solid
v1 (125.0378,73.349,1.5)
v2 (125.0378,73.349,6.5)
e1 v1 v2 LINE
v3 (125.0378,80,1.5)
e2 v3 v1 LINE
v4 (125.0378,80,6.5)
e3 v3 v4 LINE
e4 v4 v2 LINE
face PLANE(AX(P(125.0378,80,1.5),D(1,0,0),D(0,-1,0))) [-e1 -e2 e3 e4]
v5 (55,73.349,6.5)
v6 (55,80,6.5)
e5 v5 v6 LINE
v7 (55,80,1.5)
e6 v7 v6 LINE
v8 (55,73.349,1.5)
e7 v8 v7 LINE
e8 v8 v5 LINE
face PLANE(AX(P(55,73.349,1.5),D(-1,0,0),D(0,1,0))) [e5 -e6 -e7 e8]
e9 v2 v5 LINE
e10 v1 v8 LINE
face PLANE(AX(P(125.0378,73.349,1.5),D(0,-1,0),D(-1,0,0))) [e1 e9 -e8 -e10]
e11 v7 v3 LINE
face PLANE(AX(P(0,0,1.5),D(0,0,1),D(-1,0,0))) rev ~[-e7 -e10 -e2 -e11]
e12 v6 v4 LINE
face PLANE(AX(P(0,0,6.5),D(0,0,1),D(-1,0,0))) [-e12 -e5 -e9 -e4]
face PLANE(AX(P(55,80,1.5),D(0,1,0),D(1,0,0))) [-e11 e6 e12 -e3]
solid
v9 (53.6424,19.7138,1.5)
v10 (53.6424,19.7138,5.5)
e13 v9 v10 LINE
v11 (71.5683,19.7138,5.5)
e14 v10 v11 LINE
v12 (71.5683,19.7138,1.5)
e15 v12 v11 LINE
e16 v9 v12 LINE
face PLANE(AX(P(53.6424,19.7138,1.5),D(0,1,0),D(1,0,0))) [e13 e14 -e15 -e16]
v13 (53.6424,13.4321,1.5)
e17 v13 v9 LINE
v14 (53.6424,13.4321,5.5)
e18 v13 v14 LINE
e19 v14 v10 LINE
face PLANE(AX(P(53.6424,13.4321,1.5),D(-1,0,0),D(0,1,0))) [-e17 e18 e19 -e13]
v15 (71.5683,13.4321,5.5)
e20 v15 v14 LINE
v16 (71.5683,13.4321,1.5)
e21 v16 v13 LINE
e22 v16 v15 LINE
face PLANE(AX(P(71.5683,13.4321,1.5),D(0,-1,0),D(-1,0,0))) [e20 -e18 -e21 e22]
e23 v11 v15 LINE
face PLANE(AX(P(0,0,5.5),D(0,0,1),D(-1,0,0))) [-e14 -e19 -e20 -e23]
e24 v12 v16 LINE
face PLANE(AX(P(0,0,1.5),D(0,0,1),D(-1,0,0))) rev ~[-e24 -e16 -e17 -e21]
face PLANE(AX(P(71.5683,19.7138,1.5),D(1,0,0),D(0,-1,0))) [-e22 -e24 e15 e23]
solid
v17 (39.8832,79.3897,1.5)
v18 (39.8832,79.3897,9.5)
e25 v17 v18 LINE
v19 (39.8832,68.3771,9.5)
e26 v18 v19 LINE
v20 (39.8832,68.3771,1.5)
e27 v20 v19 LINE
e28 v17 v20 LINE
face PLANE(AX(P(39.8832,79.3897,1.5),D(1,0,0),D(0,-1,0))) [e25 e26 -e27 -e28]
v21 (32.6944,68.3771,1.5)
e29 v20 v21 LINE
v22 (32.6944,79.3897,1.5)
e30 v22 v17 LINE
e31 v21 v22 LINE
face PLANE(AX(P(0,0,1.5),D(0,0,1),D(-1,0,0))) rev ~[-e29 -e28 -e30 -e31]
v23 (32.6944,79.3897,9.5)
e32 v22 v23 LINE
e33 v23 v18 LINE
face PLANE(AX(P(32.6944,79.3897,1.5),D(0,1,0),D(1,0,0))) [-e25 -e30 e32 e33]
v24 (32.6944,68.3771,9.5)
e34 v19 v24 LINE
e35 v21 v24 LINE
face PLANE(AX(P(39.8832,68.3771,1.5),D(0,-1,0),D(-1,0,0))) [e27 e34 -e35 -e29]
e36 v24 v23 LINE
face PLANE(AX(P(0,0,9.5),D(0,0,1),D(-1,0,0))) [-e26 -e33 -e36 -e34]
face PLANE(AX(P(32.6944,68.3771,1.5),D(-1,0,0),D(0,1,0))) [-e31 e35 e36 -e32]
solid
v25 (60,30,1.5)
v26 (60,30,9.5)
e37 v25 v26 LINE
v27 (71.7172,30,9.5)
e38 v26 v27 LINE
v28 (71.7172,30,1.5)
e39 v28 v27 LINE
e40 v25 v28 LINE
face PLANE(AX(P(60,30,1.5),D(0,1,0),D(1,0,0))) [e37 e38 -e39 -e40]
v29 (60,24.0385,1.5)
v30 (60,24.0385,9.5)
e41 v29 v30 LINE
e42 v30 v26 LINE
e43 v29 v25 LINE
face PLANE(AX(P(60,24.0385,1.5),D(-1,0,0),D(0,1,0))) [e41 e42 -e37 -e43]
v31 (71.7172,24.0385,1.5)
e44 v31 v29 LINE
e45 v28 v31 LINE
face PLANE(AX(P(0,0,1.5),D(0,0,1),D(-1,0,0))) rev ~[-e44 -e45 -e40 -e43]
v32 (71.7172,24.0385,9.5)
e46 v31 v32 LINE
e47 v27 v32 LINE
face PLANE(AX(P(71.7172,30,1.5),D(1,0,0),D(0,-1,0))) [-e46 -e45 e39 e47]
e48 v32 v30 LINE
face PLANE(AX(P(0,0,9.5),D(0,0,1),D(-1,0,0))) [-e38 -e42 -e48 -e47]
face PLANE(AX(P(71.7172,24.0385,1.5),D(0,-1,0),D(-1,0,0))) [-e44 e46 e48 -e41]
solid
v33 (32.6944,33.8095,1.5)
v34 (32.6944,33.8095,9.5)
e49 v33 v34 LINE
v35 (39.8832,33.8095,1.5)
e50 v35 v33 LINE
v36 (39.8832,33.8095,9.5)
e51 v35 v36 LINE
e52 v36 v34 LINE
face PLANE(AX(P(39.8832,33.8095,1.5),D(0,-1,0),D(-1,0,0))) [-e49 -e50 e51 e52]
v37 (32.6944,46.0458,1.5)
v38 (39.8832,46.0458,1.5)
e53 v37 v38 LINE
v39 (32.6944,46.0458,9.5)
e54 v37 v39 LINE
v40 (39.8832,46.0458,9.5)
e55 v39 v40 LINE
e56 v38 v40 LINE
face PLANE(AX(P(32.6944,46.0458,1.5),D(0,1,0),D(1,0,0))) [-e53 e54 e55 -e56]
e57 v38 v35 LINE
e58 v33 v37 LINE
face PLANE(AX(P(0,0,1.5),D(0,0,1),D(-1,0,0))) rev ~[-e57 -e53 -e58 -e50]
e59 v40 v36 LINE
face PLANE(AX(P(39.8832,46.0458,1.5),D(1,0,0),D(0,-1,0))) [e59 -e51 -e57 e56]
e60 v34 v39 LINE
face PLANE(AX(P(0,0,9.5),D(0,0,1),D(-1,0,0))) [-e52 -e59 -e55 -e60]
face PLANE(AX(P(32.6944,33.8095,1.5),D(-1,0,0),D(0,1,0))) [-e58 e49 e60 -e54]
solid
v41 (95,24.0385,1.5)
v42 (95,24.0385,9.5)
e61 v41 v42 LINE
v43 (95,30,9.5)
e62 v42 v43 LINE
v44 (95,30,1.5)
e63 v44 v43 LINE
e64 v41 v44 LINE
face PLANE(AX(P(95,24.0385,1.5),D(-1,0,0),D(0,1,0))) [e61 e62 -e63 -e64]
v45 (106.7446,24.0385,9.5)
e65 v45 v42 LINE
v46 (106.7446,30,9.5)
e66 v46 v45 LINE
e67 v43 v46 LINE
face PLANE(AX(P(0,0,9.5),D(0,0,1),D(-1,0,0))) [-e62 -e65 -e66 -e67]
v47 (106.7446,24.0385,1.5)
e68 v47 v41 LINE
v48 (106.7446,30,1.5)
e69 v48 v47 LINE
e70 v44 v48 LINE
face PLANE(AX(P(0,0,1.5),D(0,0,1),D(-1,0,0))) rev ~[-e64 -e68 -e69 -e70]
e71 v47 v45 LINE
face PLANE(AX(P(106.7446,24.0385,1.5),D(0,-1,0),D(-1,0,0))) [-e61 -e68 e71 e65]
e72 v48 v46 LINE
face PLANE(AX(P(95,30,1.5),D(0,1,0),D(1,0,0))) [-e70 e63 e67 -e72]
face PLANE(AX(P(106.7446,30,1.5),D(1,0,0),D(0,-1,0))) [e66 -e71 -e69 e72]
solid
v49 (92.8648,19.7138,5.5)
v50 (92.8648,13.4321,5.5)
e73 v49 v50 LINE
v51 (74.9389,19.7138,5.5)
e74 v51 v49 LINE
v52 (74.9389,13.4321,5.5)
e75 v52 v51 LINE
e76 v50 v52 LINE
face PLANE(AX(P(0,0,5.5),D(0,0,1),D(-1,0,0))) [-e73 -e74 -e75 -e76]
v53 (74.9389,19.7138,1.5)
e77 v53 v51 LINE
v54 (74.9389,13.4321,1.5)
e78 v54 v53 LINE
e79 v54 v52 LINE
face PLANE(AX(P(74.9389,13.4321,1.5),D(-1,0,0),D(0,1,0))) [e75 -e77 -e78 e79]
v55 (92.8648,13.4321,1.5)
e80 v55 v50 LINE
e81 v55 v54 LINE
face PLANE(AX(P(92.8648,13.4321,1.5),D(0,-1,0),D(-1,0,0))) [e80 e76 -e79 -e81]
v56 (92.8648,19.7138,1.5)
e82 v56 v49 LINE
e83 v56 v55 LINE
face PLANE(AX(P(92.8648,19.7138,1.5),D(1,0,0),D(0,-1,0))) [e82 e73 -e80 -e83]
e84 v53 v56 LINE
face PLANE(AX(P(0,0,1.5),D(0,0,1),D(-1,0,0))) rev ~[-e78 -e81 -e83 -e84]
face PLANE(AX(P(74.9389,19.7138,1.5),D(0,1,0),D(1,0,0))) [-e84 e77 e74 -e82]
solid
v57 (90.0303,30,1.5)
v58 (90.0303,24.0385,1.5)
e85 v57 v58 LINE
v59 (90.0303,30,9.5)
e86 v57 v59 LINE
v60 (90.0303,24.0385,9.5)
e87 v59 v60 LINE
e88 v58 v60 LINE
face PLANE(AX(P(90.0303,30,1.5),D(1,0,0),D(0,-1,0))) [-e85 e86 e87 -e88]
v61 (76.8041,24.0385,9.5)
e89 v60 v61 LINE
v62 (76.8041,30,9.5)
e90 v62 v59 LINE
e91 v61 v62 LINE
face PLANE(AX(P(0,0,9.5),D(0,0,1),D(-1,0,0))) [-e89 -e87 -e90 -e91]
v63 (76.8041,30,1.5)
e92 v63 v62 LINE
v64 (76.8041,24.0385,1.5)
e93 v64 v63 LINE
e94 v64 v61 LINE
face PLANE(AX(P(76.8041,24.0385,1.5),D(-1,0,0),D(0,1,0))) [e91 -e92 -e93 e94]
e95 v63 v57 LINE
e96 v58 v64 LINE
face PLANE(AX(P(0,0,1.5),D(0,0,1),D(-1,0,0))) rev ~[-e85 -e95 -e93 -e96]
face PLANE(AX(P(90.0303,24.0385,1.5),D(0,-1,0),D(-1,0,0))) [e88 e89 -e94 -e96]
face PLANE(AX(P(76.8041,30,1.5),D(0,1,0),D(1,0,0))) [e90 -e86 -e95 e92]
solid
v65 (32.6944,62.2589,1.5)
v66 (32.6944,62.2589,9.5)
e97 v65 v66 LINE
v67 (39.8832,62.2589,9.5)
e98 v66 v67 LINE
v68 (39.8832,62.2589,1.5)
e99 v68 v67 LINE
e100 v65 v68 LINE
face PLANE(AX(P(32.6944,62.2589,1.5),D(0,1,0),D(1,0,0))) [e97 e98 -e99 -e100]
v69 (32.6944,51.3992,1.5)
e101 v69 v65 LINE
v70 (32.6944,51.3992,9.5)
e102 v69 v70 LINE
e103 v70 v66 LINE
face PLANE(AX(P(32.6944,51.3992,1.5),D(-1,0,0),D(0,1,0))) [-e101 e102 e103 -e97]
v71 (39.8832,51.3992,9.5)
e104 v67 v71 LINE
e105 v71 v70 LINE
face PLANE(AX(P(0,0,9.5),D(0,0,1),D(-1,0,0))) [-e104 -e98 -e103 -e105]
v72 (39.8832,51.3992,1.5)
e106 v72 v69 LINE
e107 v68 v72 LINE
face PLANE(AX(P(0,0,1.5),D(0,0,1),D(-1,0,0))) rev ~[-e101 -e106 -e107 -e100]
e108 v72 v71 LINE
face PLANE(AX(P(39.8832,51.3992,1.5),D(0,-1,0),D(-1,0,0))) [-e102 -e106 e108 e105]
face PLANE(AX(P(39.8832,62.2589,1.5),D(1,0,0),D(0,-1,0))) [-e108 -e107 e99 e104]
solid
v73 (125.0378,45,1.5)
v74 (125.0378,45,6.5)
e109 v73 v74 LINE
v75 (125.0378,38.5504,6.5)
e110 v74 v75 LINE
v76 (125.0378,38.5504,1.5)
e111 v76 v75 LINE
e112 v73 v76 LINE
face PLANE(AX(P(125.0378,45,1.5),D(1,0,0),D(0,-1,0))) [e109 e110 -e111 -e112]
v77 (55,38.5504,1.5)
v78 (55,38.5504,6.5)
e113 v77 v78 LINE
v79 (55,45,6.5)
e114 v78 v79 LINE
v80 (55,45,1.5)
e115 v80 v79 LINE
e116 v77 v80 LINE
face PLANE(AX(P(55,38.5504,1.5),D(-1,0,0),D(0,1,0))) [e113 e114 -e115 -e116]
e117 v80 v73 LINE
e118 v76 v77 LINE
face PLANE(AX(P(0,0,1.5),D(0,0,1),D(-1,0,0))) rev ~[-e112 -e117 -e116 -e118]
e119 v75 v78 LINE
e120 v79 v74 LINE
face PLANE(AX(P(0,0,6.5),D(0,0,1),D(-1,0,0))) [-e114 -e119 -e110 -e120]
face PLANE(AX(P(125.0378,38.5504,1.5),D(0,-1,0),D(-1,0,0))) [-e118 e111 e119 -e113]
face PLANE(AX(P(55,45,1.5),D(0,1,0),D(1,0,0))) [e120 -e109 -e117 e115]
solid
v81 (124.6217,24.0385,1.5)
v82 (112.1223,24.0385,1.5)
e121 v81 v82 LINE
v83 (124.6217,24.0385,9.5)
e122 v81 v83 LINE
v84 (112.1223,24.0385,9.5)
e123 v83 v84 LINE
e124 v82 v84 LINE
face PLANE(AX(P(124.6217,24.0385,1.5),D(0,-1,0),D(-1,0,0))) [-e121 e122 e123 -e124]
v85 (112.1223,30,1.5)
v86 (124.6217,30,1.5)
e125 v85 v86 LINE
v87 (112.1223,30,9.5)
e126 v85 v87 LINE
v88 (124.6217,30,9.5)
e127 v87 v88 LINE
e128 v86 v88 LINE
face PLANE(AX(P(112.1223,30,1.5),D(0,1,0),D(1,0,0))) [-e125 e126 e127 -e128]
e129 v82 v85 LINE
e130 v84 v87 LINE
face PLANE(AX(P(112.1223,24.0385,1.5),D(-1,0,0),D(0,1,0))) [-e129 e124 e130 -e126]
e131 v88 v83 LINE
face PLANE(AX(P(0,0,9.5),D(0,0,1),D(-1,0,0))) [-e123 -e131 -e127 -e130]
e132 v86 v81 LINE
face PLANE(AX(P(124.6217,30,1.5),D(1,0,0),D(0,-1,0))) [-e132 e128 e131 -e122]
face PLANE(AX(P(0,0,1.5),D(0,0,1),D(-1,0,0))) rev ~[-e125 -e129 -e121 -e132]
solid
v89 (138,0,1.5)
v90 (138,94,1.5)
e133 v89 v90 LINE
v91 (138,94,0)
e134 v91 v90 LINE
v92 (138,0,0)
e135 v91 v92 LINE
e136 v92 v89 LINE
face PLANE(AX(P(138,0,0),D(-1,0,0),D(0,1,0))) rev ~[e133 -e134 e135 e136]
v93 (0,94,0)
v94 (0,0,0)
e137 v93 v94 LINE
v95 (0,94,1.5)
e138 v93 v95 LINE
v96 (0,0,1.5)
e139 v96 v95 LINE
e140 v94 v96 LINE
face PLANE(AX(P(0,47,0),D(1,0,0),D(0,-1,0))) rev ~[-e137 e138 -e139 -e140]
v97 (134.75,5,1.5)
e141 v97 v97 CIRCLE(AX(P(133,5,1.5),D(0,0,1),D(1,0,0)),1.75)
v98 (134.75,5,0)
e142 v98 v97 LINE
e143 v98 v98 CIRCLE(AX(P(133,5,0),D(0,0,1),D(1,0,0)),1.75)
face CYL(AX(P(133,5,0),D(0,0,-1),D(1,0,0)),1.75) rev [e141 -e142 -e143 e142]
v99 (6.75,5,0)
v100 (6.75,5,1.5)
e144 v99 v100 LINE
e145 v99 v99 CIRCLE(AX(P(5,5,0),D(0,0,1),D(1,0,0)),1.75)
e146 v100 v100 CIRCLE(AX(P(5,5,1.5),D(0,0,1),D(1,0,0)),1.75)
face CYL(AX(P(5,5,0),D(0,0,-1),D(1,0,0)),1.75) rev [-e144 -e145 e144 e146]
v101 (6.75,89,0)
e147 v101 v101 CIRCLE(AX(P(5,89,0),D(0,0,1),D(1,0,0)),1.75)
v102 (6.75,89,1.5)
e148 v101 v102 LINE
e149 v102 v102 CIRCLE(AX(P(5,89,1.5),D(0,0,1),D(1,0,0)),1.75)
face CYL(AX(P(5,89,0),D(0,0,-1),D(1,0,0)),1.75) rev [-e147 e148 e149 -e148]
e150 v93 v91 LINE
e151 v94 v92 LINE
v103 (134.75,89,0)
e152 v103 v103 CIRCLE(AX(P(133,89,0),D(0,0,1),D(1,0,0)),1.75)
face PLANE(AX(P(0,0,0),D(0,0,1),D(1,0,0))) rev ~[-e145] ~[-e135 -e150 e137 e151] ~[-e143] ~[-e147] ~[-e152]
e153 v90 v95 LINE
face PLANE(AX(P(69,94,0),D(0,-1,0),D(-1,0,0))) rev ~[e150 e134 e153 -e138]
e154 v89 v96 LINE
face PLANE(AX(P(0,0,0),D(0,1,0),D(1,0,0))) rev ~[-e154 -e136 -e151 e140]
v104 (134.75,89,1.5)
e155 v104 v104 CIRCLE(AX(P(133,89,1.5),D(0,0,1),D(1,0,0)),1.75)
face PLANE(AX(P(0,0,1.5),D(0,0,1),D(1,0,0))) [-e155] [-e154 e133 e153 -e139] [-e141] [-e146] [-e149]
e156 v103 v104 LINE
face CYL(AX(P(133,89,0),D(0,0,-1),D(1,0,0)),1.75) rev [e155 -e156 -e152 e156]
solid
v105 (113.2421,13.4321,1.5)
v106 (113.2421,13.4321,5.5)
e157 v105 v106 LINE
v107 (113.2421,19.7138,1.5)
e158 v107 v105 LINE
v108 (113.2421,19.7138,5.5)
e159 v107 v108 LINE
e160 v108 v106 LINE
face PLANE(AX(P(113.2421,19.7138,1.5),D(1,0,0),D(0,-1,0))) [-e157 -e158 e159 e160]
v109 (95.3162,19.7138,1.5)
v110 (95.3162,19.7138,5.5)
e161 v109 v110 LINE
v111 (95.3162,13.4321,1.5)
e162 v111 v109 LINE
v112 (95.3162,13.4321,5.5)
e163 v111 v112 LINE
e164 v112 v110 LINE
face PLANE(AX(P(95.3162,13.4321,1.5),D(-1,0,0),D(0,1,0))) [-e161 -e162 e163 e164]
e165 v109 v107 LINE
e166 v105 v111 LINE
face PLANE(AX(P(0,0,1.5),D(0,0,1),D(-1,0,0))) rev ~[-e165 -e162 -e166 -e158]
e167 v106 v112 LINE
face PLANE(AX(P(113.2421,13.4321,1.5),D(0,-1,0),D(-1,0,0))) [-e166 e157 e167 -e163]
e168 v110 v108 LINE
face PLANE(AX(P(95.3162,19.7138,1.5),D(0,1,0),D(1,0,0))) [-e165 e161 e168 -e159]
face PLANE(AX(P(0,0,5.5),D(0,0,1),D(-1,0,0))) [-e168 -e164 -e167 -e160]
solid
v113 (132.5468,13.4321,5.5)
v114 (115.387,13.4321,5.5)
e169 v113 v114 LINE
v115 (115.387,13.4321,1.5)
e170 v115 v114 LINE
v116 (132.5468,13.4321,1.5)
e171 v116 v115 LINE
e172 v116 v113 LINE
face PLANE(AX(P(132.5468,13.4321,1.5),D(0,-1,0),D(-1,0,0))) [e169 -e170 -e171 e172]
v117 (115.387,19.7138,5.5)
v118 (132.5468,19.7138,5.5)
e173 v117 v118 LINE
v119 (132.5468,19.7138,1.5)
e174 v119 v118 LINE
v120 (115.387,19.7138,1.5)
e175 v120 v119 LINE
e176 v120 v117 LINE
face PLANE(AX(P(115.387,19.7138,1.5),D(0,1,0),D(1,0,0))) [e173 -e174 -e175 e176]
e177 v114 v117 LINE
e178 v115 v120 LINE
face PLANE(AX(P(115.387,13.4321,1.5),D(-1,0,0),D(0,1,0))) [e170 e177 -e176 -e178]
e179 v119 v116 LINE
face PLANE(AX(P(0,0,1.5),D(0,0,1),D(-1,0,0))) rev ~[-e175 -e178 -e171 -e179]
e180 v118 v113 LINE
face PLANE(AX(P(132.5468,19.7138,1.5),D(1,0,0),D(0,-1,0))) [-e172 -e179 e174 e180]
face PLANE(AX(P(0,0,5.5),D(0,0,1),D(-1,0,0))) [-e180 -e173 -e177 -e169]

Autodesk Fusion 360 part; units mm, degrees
sketch "草图1" plane through (0, 0, 0) normal (0, 0, 1) x (1, 0, 0)
  line L0 (0, 0) -> (138, 0)
  line L1 (138, 0) -> (138, 94)
  line L2 (138, 94) -> (0, 94)
  line L3 (0, 94) -> (0, 0)
  line L4 (-20, 47) -> (170, 47)
  line L5 (69, 129.1488) -> (69, -36.2993)
  circle A0 centre (5, 89) radius 1.75
  circle A1 centre (133, 89) radius 1.75
  circle A2 centre (5, 5) radius 1.75
  circle A3 centre (133, 5) radius 1.75
  dimension "d1" = 94
  dimension "d2" = 138
  dimension "d3" = 84
  dimension "d4" = 128
  dimension "d5" = 3.5
extrude "拉伸1" add sketch "草图1" along normal blind 1.5 makes body 1
sketch "草图2" plane through (0, 0, 1.5) normal (0, 0, 1) x (-1, 0, 0)
  circle A0 centre (-5, -5) radius 1.75
  circle A1 centre (-133, -89) radius 1.75
  circle A2 centre (-133, -5) radius 1.75
  circle A3 centre (-5, -89) radius 1.75
  line L0 (0, -94) -> (0, 0)
  line L1 (0, 0) -> (-138, 0)
  line L2 (-138, 0) -> (-138, -94)
  line L3 (-138, -94) -> (0, -94)
  line L4 (-55, -80) -> (-125.0378, -80)
  line L5 (-125.0378, -80) -> (-125.0378, -73.349)
  line L6 (-125.0378, -73.349) -> (-55, -73.349)
  line L7 (-55, -73.349) -> (-55, -80)
  line L8 (-55, -45) -> (-125.0378, -45)
  line L9 (-125.0378, -45) -> (-125.0378, -38.5504)
  line L10 (-125.0378, -38.5504) -> (-55, -38.5504)
  line L11 (-55, -38.5504) -> (-55, -45)
extrude "拉伸2" add sketch "草图2" along normal blind 5 separate body contours L4 L5 L6 L7 | L8 L9 L10 L11 makes body 2 at (101.6919, 75.566, 1.5) makes body 3 at (78.3459, 42.8501, 1.5)
sketch "草图3" plane through (0, 0, 1.5) normal (0, 0, 1) x (-1, 0, 0)
  circle A0 centre (-5, -5) radius 1.75
  circle A1 centre (-133, -89) radius 1.75
  circle A2 centre (-133, -5) radius 1.75
  circle A3 centre (-5, -89) radius 1.75
  line L0 (0, -94) -> (0, 0)
  line L1 (0, 0) -> (-138, 0)
  line L2 (-138, 0) -> (-138, -94)
  line L3 (-138, -94) -> (0, -94)
  line L4 (-60, -30) -> (-71.7172, -30)
  line L5 (-71.7172, -30) -> (-71.7172, -24.0385)
  line L6 (-71.7172, -24.0385) -> (-60, -24.0385)
  line L7 (-60, -24.0385) -> (-60, -30)
  line L8 (-76.8041, -30) -> (-90.0303, -30)
  line L9 (-90.0303, -30) -> (-90.0303, -24.0385)
  line L10 (-90.0303, -24.0385) -> (-76.8041, -24.0385)
  line L11 (-76.8041, -24.0385) -> (-76.8041, -30)
  line L12 (-95, -30) -> (-106.7446, -30)
  line L13 (-106.7446, -30) -> (-106.7446, -24.0385)
  line L14 (-106.7446, -24.0385) -> (-95, -24.0385)
  line L15 (-95, -24.0385) -> (-95, -30)
  line L16 (-112.1223, -30) -> (-124.6217, -30)
  line L17 (-124.6217, -30) -> (-124.6217, -24.0385)
  line L18 (-124.6217, -24.0385) -> (-112.1223, -24.0385)
  line L19 (-112.1223, -24.0385) -> (-112.1223, -30)
extrude "拉伸3" add sketch "草图3" along normal blind 8 separate body contours L4 L5 L6 L7 | L8 L9 L10 L11 | L12 L13 L14 L15 | L16 L17 L18 L19 makes body 4 at (98.9149, 30, 4.1667) makes body 5 at (81.2129, 30, 4.1667) makes body 6 at (116.2887, 30, 6.8333) makes body 7 at (63.9057, 30, 4.1667)
sketch "草图4" plane through (0, 0, 1.5) normal (0, 0, 1) x (-1, 0, 0)
  circle A0 centre (-5, -5) radius 1.75
  circle A1 centre (-133, -89) radius 1.75
  circle A2 centre (-133, -5) radius 1.75
  circle A3 centre (-5, -89) radius 1.75
  line L0 (0, -94) -> (0, 0)
  line L1 (0, 0) -> (-138, 0)
  line L2 (-138, 0) -> (-138, -94)
  line L3 (-138, -94) -> (0, -94)
  line L4 (-53.6424, -19.7138) -> (-71.5683, -19.7138)
  line L5 (-71.5683, -19.7138) -> (-71.5683, -13.4321)
  line L6 (-71.5683, -13.4321) -> (-53.6424, -13.4321)
  line L7 (-53.6424, -13.4321) -> (-53.6424, -19.7138)
  line L8 (-74.9389, -19.7138) -> (-92.8648, -19.7138)
  line L9 (-92.8648, -19.7138) -> (-92.8648, -13.4321)
  line L10 (-92.8648, -13.4321) -> (-74.9389, -13.4321)
  line L11 (-74.9389, -13.4321) -> (-74.9389, -19.7138)
  line L12 (-95.3162, -19.7138) -> (-113.2421, -19.7138)
  line L13 (-113.2421, -19.7138) -> (-113.2421, -13.4321)
  line L14 (-113.2421, -13.4321) -> (-95.3162, -13.4321)
  line L15 (-95.3162, -13.4321) -> (-95.3162, -19.7138)
  line L16 (-115.387, -19.7138) -> (-132.5468, -19.7138)
  line L17 (-132.5468, -19.7138) -> (-132.5468, -13.4321)
  line L18 (-132.5468, -13.4321) -> (-115.387, -13.4321)
  line L19 (-115.387, -13.4321) -> (-115.387, -19.7138)
extrude "拉伸4" add sketch "草图4" along normal blind 4 separate body contours L4 L5 L6 L7 | L8 L9 L10 L11 | L12 L13 L14 L15 | L16 L17 L18 L19 makes body 8 at (101.2915, 15.526, 1.5) makes body 9 at (86.8895, 17.6199, 1.5) makes body 10 at (121.107, 15.526, 1.5) makes body 11 at (59.6177, 15.526, 1.5)
sketch "草图5" plane through (0, 0, 1.5) normal (0, 0, 1) x (-1, 0, 0)
  circle A0 centre (-5, -5) radius 1.75
  circle A1 centre (-133, -89) radius 1.75
  circle A2 centre (-133, -5) radius 1.75
  circle A3 centre (-5, -89) radius 1.75
  line L0 (0, -94) -> (0, 0)
  line L1 (0, 0) -> (-138, 0)
  line L2 (-138, 0) -> (-138, -94)
  line L3 (-138, -94) -> (0, -94)
  line L4 (-32.6944, -79.3897) -> (-39.8832, -79.3897)
  line L5 (-39.8832, -79.3897) -> (-39.8832, -68.3771)
  line L6 (-39.8832, -68.3771) -> (-32.6944, -68.3771)
  line L7 (-32.6944, -68.3771) -> (-32.6944, -79.3897)
  line L8 (-32.6944, -62.2589) -> (-39.8832, -62.2589)
  line L9 (-39.8832, -62.2589) -> (-39.8832, -51.3992)
  line L10 (-39.8832, -51.3992) -> (-32.6944, -51.3992)
  line L11 (-32.6944, -51.3992) -> (-32.6944, -62.2589)
  line L12 (-32.6944, -46.0458) -> (-39.8832, -46.0458)
  line L13 (-39.8832, -46.0458) -> (-39.8832, -33.8095)
  line L14 (-39.8832, -33.8095) -> (-32.6944, -33.8095)
  line L15 (-32.6944, -33.8095) -> (-32.6944, -46.0458)
extrude "拉伸5" add sketch "草图5" along normal blind 8 separate body contours L4 L5 L6 L7 | L8 L9 L10 L11 | L12 L13 L14 L15 makes body 12 at (32.6944, 37.8883, 6.8333) makes body 13 at (39.8832, 58.639, 4.1667) makes body 14 at (39.8832, 75.7189, 4.1667)
copy_body "实体->零部件1" bodies 1 removing the originals makes body 15 in component "Component"
copy_body "实体->零部件2" bodies 2 removing the originals makes body 16 in component "Component'"
copy_body "实体->零部件3" bodies 3 removing the originals makes body 17 in component "Component''"
copy_body "实体->零部件4" bodies 4 removing the originals makes body 18 in component "Component'''"
copy_body "实体->零部件5" bodies 5 removing the originals makes body 19 in component "Component''''"
copy_body "实体->零部件6" bodies 6 removing the originals makes body 20 in component "Component'''''"
copy_body "实体->零部件7" bodies 7 removing the originals makes body 21 in component "Component''''''"
copy_body "实体->零部件8" bodies 8 removing the originals makes body 22 in component "Component'''''''"
copy_body "实体->零部件9" bodies 9 removing the originals makes body 23 in component "Component''''''''"
copy_body "实体->零部件10" bodies 10 removing the originals makes body 24 in component "Component'''''''''"
copy_body "实体->零部件11" bodies 11 removing the originals makes body 25 in component "Component''''''''''"
copy_body "实体->零部件12" bodies 12 removing the originals makes body 26 in component "Component'''''''''''"
copy_body "实体->零部件13" bodies 13 removing the originals makes body 27 in component "Component''''''''''''"
copy_body "实体->零部件14" bodies 14 removing the originals makes body 28 in component "Component'''''''''''''"
component "Component" placed x (1, 0, 0) y (0, 1, 0) z (0, 0, 1) at (0, 0, 0)
component "Component'" placed x (1, 0, 0) y (0, 1, 0) z (0, 0, 1) at (0, 0, 0)
component "Component''" placed x (1, 0, 0) y (0, 1, 0) z (0, 0, 1) at (0, 0, 0)
component "Component'''" placed x (1, 0, 0) y (0, 1, 0) z (0, 0, 1) at (0, 0, 0)
component "Component''''" placed x (1, 0, 0) y (0, 1, 0) z (0, 0, 1) at (0, 0, 0)
component "Component'''''" placed x (1, 0, 0) y (0, 1, 0) z (0, 0, 1) at (0, 0, 0)
component "Component''''''" placed x (1, 0, 0) y (0, 1, 0) z (0, 0, 1) at (0, 0, 0)
component "Component'''''''" placed x (1, 0, 0) y (0, 1, 0) z (0, 0, 1) at (0, 0, 0)
component "Component''''''''" placed x (1, 0, 0) y (0, 1, 0) z (0, 0, 1) at (0, 0, 0)
component "Component'''''''''" placed x (1, 0, 0) y (0, 1, 0) z (0, 0, 1) at (0, 0, 0)
component "Component''''''''''" placed x (1, 0, 0) y (0, 1, 0) z (0, 0, 1) at (0, 0, 0)
component "Component'''''''''''" placed x (1, 0, 0) y (0, 1, 0) z (0, 0, 1) at (0, 0, 0)
component "Component''''''''''''" placed x (1, 0, 0) y (0, 1, 0) z (0, 0, 1) at (0, 0, 0)
component "Component'''''''''''''" placed x (1, 0, 0) y (0, 1, 0) z (0, 0, 1) at (0, 0, 0)
